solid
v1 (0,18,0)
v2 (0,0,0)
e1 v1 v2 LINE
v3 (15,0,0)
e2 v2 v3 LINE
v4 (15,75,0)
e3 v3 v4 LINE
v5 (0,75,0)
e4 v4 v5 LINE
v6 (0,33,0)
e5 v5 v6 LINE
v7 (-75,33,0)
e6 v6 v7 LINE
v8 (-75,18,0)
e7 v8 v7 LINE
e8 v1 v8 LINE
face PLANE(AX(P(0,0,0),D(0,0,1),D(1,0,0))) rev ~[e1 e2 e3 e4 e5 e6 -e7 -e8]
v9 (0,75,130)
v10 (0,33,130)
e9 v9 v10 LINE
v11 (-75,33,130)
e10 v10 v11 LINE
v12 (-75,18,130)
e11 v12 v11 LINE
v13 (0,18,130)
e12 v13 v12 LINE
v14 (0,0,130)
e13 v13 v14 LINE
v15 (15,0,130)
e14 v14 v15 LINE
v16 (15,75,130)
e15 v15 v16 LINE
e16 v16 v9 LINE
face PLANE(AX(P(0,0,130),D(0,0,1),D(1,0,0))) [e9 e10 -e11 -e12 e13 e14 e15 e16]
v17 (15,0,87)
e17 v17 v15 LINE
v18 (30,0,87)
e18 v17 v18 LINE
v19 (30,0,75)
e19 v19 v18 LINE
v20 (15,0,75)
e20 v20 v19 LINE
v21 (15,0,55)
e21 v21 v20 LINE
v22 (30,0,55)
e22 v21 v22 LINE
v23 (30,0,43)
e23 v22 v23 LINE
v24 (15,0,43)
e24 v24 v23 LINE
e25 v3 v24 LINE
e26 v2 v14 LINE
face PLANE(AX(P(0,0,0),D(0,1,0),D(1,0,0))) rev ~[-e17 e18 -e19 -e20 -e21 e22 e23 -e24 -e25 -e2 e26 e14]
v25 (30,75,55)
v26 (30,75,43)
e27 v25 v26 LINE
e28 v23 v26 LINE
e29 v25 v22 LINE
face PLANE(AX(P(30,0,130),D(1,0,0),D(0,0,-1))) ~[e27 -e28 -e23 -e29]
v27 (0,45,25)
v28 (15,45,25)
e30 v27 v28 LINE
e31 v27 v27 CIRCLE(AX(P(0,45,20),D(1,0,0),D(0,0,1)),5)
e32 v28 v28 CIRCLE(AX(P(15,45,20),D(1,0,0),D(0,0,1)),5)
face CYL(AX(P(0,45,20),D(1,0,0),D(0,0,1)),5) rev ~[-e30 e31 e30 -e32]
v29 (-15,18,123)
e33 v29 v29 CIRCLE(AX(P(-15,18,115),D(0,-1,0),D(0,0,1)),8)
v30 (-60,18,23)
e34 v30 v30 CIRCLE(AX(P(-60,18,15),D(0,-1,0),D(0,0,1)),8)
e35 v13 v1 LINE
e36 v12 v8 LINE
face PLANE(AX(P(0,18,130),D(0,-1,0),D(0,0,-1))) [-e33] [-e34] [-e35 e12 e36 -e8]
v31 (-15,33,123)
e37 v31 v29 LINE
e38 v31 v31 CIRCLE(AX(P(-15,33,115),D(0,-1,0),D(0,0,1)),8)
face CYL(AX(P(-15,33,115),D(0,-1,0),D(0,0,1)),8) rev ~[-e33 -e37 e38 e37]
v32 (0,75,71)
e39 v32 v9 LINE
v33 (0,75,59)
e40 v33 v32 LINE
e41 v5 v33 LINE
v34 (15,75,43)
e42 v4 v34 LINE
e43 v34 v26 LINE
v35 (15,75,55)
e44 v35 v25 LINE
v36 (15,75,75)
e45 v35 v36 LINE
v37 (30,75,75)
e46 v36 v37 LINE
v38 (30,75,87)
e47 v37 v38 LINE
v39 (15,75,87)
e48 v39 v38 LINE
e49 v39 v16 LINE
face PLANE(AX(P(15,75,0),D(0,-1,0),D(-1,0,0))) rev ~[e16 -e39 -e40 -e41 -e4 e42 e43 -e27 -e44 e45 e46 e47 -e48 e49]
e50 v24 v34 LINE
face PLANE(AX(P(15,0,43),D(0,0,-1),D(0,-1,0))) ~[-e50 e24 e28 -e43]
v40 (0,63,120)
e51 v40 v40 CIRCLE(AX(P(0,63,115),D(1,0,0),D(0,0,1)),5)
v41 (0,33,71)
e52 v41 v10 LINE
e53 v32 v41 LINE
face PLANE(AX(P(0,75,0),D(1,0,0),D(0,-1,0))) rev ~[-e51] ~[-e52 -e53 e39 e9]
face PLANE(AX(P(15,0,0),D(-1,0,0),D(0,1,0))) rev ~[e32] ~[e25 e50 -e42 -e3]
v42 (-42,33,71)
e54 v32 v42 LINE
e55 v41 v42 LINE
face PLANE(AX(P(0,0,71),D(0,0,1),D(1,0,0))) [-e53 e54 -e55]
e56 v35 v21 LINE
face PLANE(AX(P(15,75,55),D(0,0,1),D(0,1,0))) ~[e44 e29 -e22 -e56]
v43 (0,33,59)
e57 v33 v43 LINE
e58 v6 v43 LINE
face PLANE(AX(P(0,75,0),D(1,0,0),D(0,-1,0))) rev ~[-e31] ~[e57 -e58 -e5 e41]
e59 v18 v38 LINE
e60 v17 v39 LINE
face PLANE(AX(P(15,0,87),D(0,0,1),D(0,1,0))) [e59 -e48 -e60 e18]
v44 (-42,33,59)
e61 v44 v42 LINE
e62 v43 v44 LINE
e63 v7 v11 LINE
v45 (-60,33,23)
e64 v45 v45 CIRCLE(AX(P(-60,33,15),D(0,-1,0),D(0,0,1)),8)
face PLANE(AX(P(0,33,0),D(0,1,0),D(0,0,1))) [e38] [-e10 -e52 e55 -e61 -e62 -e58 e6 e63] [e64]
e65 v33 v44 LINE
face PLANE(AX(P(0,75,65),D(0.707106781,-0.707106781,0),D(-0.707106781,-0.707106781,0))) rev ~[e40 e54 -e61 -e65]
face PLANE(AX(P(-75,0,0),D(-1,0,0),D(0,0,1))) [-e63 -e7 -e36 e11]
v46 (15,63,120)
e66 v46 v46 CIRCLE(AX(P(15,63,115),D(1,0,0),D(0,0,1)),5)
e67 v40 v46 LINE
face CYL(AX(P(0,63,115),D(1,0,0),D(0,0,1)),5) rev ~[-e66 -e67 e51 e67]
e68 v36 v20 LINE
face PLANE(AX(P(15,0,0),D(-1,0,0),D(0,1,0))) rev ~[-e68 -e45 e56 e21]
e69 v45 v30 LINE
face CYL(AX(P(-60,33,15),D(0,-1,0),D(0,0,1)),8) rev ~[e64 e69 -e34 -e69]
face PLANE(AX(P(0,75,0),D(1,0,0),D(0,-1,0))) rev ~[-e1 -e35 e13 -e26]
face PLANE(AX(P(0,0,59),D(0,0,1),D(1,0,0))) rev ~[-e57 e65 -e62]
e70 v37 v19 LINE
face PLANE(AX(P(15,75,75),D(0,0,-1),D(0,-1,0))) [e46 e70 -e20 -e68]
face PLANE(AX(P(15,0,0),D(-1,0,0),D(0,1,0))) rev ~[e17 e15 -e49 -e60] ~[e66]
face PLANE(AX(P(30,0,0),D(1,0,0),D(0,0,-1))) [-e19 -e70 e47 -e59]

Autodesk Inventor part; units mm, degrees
ref_plane "YZ Plane" through (0, 0, 0) normal (1, 0, 0) x (0, 1, 0)
ref_plane "XZ Plane" through (0, 0, 0) normal (0, 1, 0) x (-1, 0, 0)
sketch "Skizze1" plane through (0, 0, 0) normal (0, 0, 1) x (1, 0, 0)
  line L0 (0, 0) -> (15, 0)
  line L1 (15, 0) -> (15, 75)
  line L2 (15, 75) -> (0, 75)
  line L3 (0, 75) -> (0, 0)
  dimension "d0" = 15
  dimension "d1" = 75
extrude "Extrusion1" add sketch "Skizze1" along normal blind 130
sketch "Skizze2" plane through (0, 0, 0) normal (-1, 0, 0) x (0, 0, 1)
  line L0 (0, 0) -> (0, 75) projected
  line L1 (130, 0) -> (130, 75) projected
  line L2 (0, 33) -> (130, 33)
  line L3 (130, 33) -> (130, 18)
  line L4 (130, 18) -> (0, 18)
  line L5 (0, 18) -> (0, 33)
  line L6 (0, 0) -> (130, 0) projected
  point P0 (0, 18)
  dimension "d4" = 15
  dimension "d5" = 18
extrude "Extrusion2" add sketch "Skizze2" along normal blind 75 contours L0 L2 L1 L4
ref_plane "Arbeitsebene1" through (0, 0, 65) normal (0, 0, 1) x (1, 0, 0)
sketch "Skizze4" plane through (0, 0, 65) normal (0, 0, 1) x (1, 0, 0)
  line L0 (0, 75) -> (0, 33) projected
  line L1 (0, 75) -> (-42, 33)
  line L2 (0, 33) -> (-75, 33) projected
  point P0 (0, 0)
  dimension "d9" = 45
extrude "Extrusion3" add sketch "Skizze4" along normal mid plane 12
sketch "Skizze5" plane through (15, 0, 0) normal (1, 0, 0) x (0, 0, -1)
  line L0 (0, 75) -> (-130, 75) projected
  line L1 (-87, 75) -> (-75, 75)
  line L2 (-75, 75) -> (-75, 0)
  line L3 (-75, 0) -> (-87, 0)
  line L4 (-87, 0) -> (-87, 75)
  point P0 (0, 0)
  point P1 (-65, 75)
  dimension "d12" = 12
  dimension "d13" = 10
  dimension "d14" = 75
extrude "Extrusion4" add sketch "Skizze5" along normal blind 15
mirror "Spiegeln1" about plane through (0, 0, 65) normal (0, 0, 1) of "Extrusion4"
sketch "Skizze6" plane through (0, 33, 0) normal (-1, 0, 0) x (0, 0, 1)
  line L0 (0, 42) -> (59, 42) projected
  line L1 (0, 42) -> (0, 0) projected
  point P0 (0, -33)
  point P1 (20, 12)
  dimension "d24" = 30
  dimension "d25" = 20
hole "Bohrung1" at (0, 45, 20) direction (1, 0, 0) diameter 10 depth 15
sketch "Skizze7" plane through (0, 33, 130) normal (-1, 0, 0) x (0, 0, 1)
  line L0 (0, 0) -> (-130, 0) projected
  line L1 (0, 42) -> (0, 0) projected
  point P0 (-130, -33)
  point P1 (-15, 30)
  dimension "d33" = 30
  dimension "d34" = 15
hole "Bohrung" at (0, 63, 115) direction (1, 0, 0) diameter 10 end through all
sketch "Skizze8" plane through (-75, 33, 0) normal (0, 1, 0) x (1, 0, 0)
  line L0 (75, 0) -> (0, 0) projected
  line L1 (0, -130) -> (0, 0) projected
  point P0 (15, -15)
  dimension "d42" = 15
  dimension "d43" = 15
hole "Bohrung3" at (-60, 33, 15) direction (0, -1, 0) diameter 16 end through all
sketch "Skizze9" plane through (-75, 33, 0) normal (0, 1, 0) x (1, 0, 0)
  line L0 (75, -130) -> (0, -130) projected
  line L1 (75, -71) -> (75, -130) projected
  point P0 (75, 0)
  point P1 (60, -115)
  dimension "d51" = 15
  dimension "d52" = 15
hole "Bohrung4" at (-15, 33, 115) direction (0, -1, 0) diameter 16 end through all
properties part number "lager" material "Edelstahl AISI 202"
